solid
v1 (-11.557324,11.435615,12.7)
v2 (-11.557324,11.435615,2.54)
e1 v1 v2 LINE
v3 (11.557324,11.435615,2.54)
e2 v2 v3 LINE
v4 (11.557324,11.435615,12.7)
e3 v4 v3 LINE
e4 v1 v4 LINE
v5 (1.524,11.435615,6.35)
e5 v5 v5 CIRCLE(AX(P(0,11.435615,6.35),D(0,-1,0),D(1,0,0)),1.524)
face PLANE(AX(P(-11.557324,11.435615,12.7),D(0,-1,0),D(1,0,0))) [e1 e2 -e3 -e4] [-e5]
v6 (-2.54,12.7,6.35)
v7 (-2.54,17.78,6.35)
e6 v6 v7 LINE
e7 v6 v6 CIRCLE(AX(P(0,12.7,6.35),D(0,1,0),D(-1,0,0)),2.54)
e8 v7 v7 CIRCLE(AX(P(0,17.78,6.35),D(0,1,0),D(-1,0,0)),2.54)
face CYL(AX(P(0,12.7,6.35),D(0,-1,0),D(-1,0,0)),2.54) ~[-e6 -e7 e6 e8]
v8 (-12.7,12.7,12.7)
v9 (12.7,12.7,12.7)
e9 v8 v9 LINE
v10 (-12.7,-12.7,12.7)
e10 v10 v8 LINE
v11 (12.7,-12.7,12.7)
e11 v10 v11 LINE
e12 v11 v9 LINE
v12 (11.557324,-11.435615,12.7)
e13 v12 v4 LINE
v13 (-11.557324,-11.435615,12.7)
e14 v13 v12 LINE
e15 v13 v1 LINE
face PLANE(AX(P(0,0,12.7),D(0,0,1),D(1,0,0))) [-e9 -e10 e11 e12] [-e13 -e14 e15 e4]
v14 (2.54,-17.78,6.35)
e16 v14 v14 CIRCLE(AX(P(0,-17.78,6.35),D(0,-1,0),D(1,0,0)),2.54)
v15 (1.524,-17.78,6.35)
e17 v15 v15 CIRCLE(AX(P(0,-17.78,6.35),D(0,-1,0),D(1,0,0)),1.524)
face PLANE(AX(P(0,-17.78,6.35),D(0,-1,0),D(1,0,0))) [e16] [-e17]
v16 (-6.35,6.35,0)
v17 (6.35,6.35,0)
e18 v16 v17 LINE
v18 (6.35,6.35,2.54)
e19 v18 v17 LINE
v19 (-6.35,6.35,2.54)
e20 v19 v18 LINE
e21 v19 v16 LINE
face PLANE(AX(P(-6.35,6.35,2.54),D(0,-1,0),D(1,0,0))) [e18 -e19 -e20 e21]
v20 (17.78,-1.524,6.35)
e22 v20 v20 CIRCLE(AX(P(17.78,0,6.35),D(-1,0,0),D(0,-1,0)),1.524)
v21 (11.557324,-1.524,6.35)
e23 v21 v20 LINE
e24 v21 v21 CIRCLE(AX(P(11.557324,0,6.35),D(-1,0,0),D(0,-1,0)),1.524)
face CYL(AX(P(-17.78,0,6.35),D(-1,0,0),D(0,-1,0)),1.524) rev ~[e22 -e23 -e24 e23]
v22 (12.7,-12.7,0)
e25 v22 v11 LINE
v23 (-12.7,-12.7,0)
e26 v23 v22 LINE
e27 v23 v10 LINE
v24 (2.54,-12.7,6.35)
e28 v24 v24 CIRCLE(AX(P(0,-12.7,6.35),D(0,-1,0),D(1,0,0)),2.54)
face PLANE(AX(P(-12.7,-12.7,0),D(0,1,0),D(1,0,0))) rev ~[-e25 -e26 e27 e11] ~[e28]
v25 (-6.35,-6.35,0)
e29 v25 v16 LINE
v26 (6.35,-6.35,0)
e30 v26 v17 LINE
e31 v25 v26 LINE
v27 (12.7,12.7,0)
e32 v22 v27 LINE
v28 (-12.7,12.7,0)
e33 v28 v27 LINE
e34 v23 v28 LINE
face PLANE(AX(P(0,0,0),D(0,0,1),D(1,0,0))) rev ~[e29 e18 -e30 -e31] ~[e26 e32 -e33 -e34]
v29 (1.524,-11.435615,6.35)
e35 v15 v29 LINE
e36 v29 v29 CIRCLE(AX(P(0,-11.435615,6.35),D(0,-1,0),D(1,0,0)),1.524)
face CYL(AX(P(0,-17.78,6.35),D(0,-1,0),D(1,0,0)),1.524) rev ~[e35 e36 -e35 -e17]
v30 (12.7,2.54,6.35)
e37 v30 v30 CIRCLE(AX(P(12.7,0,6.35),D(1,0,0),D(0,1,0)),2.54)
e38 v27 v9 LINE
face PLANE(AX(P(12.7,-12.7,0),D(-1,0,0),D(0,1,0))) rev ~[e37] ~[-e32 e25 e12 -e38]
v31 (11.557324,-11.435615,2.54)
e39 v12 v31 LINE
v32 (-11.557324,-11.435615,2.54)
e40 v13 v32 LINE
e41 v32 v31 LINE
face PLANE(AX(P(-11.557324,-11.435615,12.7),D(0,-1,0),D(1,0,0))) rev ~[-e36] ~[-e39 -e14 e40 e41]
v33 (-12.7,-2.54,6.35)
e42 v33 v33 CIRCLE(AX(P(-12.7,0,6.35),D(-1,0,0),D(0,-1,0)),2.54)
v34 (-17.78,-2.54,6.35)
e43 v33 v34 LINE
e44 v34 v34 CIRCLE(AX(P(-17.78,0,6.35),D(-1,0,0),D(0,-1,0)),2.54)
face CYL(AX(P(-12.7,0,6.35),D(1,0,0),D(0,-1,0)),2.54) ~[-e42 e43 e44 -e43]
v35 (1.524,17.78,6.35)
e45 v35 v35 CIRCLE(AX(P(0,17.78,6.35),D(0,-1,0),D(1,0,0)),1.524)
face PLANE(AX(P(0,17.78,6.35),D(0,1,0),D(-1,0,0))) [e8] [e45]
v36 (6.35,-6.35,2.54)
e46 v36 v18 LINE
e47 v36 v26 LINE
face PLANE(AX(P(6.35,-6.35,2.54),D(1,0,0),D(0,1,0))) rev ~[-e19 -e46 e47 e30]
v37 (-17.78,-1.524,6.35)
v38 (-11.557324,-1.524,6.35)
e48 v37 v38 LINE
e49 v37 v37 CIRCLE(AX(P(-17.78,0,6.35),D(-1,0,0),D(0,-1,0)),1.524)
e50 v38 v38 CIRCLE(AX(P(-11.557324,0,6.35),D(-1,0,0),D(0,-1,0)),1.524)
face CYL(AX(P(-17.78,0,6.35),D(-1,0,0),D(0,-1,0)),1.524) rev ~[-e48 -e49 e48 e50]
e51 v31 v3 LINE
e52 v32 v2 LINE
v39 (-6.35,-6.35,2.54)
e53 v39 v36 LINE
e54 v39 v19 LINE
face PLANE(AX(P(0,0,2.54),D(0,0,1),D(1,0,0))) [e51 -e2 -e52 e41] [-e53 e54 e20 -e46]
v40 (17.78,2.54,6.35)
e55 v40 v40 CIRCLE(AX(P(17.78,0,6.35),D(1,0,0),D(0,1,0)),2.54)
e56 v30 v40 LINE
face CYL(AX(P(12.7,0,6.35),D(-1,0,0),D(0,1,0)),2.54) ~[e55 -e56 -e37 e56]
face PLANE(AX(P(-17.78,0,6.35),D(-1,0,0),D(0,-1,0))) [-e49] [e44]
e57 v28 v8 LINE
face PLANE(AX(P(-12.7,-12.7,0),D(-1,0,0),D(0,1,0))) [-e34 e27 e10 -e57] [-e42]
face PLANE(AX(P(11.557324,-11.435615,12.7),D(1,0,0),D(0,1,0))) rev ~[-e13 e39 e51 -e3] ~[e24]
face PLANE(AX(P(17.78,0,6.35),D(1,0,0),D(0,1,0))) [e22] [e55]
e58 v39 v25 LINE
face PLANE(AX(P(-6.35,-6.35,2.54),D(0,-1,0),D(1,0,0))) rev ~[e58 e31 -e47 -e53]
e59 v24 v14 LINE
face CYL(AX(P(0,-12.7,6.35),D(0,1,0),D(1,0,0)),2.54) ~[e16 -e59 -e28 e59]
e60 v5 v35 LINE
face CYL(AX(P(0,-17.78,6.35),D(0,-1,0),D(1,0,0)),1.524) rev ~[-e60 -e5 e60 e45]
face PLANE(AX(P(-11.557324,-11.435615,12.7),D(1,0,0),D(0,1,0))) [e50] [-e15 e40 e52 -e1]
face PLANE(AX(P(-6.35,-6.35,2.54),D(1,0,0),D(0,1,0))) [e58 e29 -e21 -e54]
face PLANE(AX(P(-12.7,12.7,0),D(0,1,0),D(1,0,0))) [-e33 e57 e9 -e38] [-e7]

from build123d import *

# Parameters (mm, degrees)
F0_W      = 25.4
F0_H      = 25.4
F1_DEPTH  = 12.7
F2_W      = 23.1146477163
F2_H      = 22.8712297976
F3_DEPTH  = 10.16
F4_R      = 2.54
F5_DEPTH  = 5.08
F6_R      = 2.54
F7_DEPTH  = 5.08
F8_R      = 1.524
F9_DEPTH  = 35.561
F10_R     = 2.54
F11_DEPTH = 5.08
F12_R     = 2.54
F13_DEPTH = 5.08
F14_R     = 1.524
F15_DEPTH = 35.561
F16_W     = 12.7
F16_H     = 12.7
F17_DEPTH = 2.541


with BuildPart() as f1:
    # F0 (on Top) → F1 (new body)
    with BuildSketch(Plane.XY):
        Rectangle(F0_W, F0_H)
    extrude(amount=F1_DEPTH)

    # F2 (on face) → F3 (cut)
    with BuildSketch(Plane.XY.offset(12.7)):
        Rectangle(F2_W, F2_H)
    extrude(amount=-F3_DEPTH, mode=Mode.SUBTRACT)

    # F4 (on face) → F5 (join)
    with BuildSketch(Plane(origin=(0, 12.7, 0), x_dir=(-1, 0, 0), z_dir=(0, 1, 0))):
        with Locations((0, 6.35)):
            Circle(F4_R)
    extrude(amount=F5_DEPTH)

    # F6 (on face) → F7 (join)
    with BuildSketch(Plane.XZ.offset(12.7)):
        with Locations((0, 6.35)):
            Circle(F6_R)
    extrude(amount=F7_DEPTH)

    # F8 (on face) → F9 (cut, through all)
    with BuildSketch(Plane.XZ.offset(17.78)):
        with Locations((0, 6.35)):
            Circle(F8_R)
    extrude(amount=-F9_DEPTH, mode=Mode.SUBTRACT)

    # F10 (on face) → F11 (join)
    with BuildSketch(Plane.YZ.offset(12.7)):
        with Locations((0, 6.35)):
            Circle(F10_R)
    extrude(amount=F11_DEPTH)

    # F12 (on face) → F13 (join)
    with BuildSketch(Plane(origin=(-12.7, 0, 0), x_dir=(0, -1, 0), z_dir=(-1, 0, 0))):
        with Locations((0, 6.35)):
            Circle(F12_R)
    extrude(amount=F13_DEPTH)

    # F14 (on face) → F15 (cut, through all)
    with BuildSketch(Plane(origin=(-17.78, 0, 0), x_dir=(0, -1, 0), z_dir=(-1, 0, 0))):
        with Locations((0, 6.35)):
            Circle(F14_R)
    extrude(amount=-F15_DEPTH, mode=Mode.SUBTRACT)

    # F16 (on face) → F17 (cut, through all)
    with BuildSketch(Plane.XY.offset(2.54)):
        Rectangle(F16_W, F16_H)
    extrude(amount=-F17_DEPTH, mode=Mode.SUBTRACT)


solid = f1.part
